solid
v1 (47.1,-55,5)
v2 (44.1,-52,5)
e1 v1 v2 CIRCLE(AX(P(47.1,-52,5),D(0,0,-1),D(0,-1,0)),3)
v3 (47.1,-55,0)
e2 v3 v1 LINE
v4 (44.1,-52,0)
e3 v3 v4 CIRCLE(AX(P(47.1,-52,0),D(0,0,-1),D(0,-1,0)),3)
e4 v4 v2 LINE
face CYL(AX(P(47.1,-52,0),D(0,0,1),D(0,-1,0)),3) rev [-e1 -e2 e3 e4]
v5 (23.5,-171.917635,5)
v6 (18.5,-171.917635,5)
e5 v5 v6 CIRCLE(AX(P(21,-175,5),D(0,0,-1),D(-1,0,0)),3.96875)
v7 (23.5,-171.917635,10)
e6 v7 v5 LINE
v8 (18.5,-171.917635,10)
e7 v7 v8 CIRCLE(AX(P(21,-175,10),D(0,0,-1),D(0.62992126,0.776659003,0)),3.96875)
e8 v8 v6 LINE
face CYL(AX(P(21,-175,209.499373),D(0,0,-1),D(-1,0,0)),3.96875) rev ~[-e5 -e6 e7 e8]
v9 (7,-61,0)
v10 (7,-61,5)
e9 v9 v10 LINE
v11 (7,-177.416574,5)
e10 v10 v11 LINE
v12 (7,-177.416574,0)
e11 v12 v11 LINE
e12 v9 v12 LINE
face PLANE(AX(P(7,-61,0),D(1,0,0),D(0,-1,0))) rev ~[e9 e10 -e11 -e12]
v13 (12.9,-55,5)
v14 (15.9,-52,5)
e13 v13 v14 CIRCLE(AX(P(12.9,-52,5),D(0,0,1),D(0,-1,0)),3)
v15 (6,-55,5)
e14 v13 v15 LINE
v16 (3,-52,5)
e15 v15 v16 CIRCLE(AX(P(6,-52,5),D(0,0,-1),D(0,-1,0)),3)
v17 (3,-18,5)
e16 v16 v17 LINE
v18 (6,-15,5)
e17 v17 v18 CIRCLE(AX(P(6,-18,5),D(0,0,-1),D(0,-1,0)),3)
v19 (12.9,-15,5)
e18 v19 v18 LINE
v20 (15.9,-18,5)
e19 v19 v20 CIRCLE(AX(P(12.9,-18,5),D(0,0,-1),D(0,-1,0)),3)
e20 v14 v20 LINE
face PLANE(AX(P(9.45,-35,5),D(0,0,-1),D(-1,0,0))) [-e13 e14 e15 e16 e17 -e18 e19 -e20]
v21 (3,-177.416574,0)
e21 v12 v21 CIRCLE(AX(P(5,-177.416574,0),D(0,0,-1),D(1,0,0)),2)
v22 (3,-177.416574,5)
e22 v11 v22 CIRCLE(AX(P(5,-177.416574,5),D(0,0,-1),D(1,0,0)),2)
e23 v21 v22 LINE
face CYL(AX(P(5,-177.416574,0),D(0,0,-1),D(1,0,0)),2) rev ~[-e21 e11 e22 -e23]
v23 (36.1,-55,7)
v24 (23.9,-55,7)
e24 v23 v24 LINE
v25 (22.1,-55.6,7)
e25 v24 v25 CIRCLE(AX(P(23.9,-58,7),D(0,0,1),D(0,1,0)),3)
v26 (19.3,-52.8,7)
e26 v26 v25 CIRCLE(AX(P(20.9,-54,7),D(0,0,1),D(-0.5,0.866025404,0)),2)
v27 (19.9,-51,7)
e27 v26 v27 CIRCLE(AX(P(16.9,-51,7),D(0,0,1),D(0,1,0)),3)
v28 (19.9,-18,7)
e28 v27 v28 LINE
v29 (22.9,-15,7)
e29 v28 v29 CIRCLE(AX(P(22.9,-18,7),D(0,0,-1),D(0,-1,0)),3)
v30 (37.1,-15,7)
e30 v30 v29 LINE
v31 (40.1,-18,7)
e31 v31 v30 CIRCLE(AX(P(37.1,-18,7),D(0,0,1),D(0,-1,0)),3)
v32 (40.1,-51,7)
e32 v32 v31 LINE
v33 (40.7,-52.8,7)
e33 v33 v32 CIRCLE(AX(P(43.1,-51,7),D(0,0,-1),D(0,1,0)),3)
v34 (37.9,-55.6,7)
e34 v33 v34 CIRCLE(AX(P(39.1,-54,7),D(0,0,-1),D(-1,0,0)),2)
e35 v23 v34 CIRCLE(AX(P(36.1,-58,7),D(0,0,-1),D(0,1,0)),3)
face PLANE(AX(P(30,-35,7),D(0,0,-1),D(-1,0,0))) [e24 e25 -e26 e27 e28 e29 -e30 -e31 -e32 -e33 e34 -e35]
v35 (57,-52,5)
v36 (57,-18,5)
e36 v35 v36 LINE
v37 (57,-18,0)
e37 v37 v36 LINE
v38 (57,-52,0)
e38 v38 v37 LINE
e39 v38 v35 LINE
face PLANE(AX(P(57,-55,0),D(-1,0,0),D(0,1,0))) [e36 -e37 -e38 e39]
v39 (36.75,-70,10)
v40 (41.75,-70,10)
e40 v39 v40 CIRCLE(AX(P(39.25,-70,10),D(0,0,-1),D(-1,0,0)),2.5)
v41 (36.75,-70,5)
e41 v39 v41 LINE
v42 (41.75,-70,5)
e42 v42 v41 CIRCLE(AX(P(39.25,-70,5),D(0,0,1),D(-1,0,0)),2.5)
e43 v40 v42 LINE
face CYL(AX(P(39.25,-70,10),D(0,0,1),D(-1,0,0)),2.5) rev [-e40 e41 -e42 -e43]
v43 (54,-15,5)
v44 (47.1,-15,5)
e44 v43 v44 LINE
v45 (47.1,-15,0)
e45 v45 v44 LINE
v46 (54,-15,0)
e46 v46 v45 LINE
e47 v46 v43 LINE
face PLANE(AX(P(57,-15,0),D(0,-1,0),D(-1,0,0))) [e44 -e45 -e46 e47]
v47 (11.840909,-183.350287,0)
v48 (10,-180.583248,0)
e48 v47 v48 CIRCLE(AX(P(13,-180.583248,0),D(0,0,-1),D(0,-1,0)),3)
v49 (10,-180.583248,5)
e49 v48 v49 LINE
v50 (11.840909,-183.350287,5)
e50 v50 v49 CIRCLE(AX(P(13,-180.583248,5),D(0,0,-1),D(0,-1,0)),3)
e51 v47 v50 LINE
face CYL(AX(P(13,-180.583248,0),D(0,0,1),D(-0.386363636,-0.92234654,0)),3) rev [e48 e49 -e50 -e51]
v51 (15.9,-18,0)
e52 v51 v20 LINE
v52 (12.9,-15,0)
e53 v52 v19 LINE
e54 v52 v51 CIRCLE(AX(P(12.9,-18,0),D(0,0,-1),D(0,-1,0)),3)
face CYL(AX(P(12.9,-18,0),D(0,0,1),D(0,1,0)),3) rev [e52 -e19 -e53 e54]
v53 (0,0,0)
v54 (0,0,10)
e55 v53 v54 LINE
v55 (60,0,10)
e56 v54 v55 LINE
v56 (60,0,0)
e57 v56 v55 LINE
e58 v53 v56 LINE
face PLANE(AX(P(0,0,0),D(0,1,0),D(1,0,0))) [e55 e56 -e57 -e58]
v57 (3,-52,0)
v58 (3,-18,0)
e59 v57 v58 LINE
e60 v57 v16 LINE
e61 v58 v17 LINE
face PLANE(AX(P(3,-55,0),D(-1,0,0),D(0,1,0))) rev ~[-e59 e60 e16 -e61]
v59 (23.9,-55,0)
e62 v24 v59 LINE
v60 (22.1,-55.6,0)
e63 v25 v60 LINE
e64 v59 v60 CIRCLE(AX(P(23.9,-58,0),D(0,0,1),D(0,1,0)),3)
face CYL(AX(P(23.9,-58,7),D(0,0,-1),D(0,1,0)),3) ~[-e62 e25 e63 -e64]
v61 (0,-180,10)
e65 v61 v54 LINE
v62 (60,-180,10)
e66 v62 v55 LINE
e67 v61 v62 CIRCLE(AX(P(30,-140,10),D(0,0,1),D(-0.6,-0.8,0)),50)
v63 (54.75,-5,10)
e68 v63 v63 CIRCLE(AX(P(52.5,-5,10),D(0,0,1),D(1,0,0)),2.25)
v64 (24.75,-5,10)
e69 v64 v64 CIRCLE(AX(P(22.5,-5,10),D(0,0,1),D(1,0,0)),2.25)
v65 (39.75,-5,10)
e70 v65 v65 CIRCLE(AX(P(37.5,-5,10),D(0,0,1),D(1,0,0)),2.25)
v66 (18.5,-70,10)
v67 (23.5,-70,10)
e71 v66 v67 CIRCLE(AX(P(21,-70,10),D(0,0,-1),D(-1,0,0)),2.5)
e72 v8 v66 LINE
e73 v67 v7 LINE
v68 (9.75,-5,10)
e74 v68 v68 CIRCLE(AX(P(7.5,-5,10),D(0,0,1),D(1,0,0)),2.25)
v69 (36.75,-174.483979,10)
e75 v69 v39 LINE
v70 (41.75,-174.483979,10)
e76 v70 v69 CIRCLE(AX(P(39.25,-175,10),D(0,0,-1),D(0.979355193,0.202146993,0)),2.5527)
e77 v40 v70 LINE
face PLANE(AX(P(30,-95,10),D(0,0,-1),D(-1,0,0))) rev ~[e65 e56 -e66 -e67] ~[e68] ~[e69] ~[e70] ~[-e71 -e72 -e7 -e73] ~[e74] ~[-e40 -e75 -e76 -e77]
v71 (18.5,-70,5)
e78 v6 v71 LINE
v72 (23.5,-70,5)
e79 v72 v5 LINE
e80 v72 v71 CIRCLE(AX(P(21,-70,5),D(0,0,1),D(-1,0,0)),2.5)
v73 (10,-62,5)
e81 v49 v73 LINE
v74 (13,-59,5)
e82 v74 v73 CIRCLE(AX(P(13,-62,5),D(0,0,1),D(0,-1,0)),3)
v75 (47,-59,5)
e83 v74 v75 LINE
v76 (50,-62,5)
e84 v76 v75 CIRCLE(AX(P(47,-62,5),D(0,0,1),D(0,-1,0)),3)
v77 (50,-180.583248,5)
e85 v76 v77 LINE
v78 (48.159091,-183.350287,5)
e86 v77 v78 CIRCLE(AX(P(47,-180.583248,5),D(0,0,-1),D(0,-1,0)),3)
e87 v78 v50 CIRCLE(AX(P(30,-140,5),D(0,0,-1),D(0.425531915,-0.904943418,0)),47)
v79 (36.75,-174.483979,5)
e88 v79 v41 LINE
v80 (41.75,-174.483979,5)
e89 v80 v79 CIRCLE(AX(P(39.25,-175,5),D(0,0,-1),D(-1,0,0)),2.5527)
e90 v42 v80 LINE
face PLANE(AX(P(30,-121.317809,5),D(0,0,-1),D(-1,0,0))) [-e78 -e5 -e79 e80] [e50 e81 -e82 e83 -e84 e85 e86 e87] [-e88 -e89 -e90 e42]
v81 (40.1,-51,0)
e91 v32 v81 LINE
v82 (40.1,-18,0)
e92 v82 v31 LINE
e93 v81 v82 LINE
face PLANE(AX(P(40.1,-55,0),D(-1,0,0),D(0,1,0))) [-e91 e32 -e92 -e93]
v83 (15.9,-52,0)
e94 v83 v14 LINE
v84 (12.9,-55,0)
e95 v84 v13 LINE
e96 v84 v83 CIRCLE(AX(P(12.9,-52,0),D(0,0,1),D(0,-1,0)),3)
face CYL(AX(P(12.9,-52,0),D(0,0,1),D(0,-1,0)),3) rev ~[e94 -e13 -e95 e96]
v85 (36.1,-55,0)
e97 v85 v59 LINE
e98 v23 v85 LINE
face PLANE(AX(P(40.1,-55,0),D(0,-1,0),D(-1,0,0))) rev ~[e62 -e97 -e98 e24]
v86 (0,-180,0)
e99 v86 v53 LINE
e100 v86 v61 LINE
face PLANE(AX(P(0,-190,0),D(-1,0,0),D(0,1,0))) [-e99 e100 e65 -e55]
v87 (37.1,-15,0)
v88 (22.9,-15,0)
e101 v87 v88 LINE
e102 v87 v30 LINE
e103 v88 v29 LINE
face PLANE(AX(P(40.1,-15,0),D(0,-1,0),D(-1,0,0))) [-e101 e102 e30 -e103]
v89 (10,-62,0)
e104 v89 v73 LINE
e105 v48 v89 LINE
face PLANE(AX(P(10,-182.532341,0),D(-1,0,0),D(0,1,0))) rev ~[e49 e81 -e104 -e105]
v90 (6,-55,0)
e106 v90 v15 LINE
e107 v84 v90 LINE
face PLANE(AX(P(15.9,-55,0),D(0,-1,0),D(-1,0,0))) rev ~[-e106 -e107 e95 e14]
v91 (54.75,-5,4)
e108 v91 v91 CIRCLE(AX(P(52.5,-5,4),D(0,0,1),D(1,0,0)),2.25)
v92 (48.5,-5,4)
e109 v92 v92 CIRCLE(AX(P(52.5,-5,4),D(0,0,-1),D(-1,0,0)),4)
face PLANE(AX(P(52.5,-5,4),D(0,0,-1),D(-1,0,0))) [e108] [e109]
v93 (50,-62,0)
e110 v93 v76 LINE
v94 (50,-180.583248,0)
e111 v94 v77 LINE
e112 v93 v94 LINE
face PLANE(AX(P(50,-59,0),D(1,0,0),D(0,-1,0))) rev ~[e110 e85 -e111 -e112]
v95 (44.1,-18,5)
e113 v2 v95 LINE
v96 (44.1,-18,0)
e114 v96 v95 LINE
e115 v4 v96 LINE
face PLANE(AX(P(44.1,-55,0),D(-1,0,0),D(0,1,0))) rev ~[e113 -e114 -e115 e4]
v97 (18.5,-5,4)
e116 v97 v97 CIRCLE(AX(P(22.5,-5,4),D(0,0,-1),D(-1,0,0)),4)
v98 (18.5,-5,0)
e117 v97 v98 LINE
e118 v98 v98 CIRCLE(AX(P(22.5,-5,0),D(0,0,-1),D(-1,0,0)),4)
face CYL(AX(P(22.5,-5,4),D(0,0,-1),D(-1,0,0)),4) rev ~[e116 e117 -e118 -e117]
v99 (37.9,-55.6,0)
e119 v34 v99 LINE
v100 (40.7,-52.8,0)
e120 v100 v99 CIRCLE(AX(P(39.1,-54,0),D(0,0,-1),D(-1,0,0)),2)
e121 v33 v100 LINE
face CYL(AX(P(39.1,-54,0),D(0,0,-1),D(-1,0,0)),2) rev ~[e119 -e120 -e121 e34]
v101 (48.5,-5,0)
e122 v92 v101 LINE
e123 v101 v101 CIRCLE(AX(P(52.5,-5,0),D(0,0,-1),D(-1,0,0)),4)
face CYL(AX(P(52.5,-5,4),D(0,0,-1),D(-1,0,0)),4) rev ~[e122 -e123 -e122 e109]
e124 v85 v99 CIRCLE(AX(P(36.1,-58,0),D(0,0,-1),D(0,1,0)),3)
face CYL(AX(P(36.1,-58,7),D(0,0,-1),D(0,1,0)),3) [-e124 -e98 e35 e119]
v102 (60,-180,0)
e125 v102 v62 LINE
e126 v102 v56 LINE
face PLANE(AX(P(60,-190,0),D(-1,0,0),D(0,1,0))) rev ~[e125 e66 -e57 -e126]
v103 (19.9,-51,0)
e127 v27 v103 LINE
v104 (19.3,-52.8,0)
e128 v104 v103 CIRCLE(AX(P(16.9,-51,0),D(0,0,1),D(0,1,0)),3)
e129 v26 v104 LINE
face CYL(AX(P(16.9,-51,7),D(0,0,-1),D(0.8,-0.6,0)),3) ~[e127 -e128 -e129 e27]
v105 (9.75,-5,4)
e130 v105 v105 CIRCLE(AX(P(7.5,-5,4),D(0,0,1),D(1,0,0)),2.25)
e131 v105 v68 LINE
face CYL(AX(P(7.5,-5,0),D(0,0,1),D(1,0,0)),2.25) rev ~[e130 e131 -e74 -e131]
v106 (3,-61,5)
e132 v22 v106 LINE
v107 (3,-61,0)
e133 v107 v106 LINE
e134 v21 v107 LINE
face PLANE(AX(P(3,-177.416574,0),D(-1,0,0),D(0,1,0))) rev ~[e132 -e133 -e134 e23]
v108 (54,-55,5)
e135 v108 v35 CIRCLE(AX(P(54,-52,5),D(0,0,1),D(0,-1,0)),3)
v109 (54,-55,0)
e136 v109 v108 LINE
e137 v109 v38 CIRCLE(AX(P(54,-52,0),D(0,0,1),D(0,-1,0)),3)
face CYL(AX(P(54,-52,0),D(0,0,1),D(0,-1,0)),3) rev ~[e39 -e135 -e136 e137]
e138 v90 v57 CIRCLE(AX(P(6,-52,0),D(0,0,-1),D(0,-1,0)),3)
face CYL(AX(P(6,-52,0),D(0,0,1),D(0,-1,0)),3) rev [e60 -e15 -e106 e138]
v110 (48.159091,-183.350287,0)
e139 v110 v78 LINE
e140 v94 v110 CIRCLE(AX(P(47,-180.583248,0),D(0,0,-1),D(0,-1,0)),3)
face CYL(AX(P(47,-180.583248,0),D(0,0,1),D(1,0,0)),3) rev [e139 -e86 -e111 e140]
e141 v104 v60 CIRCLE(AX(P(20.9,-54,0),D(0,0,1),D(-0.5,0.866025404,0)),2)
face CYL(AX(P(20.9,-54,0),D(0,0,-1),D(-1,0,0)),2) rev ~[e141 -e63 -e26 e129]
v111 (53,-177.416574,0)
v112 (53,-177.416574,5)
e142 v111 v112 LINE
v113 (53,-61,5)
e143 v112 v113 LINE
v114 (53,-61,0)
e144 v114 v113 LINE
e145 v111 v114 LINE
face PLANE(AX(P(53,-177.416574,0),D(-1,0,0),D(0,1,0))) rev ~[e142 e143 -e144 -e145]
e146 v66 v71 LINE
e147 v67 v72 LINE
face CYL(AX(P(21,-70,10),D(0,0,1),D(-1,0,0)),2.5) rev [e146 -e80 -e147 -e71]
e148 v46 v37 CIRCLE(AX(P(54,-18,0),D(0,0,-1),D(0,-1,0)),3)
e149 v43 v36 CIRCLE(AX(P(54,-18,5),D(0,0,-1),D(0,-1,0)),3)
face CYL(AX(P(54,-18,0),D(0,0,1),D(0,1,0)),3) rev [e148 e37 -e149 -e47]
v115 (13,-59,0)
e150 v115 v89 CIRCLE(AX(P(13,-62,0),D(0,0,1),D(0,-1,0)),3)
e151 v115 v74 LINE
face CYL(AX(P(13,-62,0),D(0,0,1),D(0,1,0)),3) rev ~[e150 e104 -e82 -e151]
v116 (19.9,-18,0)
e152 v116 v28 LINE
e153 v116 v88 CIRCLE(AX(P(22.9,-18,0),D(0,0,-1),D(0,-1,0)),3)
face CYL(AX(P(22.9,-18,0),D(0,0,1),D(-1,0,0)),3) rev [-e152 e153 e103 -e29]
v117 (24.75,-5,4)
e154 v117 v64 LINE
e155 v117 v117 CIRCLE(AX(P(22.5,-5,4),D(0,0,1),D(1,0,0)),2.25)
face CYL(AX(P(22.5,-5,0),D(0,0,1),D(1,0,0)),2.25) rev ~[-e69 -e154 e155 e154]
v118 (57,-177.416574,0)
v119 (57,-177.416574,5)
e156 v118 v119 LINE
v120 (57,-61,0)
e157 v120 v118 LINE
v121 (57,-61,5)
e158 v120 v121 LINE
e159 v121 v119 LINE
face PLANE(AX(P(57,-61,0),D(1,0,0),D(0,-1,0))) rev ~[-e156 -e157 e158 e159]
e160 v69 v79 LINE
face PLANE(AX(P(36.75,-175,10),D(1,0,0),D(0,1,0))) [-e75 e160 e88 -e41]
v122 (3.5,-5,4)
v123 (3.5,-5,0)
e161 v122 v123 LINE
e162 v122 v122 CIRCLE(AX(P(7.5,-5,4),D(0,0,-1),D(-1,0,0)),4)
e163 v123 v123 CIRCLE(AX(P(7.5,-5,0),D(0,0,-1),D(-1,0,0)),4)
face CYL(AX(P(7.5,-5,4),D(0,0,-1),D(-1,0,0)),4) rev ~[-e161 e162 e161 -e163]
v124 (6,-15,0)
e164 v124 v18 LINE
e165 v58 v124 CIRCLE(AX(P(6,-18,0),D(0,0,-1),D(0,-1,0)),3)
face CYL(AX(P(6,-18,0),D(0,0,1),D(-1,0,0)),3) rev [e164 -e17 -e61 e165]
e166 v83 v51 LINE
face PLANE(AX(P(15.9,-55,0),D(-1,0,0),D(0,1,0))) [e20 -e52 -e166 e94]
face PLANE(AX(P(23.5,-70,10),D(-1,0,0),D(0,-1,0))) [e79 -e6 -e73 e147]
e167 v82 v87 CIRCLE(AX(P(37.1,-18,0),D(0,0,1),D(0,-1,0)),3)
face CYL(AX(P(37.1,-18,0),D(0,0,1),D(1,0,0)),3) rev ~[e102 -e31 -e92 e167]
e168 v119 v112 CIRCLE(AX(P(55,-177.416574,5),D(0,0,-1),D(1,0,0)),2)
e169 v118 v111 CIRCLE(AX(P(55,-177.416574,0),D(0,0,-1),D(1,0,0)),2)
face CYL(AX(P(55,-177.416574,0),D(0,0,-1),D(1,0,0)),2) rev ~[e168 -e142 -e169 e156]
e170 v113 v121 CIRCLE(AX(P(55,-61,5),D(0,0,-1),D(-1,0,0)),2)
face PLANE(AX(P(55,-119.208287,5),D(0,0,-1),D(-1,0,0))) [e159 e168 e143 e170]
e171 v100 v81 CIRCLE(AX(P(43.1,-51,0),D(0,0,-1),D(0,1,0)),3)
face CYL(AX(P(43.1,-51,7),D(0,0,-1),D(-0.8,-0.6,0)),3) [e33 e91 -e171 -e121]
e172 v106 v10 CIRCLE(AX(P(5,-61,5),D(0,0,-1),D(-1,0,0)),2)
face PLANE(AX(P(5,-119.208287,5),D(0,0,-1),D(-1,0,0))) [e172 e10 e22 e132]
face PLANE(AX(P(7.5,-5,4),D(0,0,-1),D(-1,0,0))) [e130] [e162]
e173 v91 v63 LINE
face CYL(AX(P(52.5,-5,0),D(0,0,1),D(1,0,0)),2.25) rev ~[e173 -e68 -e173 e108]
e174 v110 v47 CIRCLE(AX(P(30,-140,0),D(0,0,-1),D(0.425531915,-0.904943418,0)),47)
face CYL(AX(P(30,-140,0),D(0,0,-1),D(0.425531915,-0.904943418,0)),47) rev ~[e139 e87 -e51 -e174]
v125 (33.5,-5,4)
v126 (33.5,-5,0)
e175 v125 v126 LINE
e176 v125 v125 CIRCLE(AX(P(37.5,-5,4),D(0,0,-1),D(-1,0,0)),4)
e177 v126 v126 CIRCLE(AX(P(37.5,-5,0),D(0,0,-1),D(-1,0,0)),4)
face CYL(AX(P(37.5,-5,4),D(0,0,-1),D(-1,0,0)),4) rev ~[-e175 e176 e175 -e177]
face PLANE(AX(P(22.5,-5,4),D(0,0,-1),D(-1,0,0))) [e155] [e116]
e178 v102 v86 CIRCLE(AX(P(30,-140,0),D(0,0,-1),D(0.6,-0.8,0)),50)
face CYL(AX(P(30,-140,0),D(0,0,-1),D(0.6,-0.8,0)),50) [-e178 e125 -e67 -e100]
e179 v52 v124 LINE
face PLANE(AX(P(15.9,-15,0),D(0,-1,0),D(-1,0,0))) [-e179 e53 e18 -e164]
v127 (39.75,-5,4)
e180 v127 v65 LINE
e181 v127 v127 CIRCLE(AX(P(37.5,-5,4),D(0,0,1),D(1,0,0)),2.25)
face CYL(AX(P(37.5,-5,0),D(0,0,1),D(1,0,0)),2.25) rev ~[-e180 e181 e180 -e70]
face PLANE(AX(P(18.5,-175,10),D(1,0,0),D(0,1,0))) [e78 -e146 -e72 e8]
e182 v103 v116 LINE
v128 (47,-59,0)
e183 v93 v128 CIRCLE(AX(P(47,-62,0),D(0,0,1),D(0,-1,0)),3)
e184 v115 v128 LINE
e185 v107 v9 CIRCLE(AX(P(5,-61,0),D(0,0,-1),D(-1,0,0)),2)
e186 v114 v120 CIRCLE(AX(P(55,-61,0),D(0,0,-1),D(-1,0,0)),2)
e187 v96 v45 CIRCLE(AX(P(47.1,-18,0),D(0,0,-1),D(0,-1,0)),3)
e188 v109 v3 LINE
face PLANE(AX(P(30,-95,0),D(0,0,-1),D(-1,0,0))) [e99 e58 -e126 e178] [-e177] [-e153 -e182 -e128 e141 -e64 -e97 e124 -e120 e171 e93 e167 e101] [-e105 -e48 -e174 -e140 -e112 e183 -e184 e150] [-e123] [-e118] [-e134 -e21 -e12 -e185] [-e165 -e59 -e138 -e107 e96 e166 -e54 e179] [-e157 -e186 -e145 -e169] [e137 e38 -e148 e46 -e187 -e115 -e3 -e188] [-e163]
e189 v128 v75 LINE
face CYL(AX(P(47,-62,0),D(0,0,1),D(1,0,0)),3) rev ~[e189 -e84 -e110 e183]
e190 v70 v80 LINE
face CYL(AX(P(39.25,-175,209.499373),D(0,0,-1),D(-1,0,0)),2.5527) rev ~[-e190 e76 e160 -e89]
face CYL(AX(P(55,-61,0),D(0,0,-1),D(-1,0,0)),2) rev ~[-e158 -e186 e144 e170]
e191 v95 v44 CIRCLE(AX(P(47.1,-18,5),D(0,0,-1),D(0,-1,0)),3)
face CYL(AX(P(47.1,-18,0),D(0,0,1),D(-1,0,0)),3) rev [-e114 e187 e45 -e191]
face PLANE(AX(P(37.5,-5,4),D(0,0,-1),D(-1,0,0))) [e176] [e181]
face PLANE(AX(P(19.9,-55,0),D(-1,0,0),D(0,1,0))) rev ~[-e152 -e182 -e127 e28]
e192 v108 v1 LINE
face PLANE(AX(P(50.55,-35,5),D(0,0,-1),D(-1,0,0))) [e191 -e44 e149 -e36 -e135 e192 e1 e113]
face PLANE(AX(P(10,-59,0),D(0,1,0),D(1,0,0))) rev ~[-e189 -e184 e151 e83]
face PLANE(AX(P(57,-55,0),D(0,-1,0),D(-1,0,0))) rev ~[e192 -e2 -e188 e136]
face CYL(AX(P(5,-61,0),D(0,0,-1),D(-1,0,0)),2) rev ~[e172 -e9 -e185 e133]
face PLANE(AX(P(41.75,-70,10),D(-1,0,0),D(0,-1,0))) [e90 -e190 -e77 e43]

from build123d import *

# Parameters (mm, degrees)
EXTRUDE_1_DEPTH            = 10
HOLE_WIZARD_M4_D           = 4.5
HOLE_WIZARD_M4_CBORE_D     = 8
HOLE_WIZARD_M4_CBORE_DEPTH = 4
HOLE_WIZARD_1_4_201_D      = 5.1054
HOLE_WIZARD_3_8_161_D      = 7.9375
CUT_EXTRUDE_1_DEPTH        = 11
SKETCH_14_W                = 20.2
SKETCH_14_H                = 40
CUT_EXTRUDE_2_DEPTH        = 7
SKETCH_15_R                = 2
CUT_EXTRUDE_3_DEPTH        = 7
CUT_EXTRUDE_4_DEPTH        = 11
CUT_EXTRUDE_7_DEPTH        = 5
CUT_EXTRUDE_8_DEPTH        = 5
SKETCH_18_W                = 12.9
SKETCH_18_H                = 40
CUT_EXTRUDE_6_DEPTH        = 5
FILLET_1_R                 = 3


with BuildPart() as part:
    # Эскиз1 → Бобышка-Вытянуть1 (new body)
    with BuildSketch(Plane.XY):
        Polygon((0, 0), (60, 0), (60, -60), (60, -150), (60, -190), (0, -190), align=None)
    extrude(amount=EXTRUDE_1_DEPTH)

    # Цековка для винта с внутренним шестигранником M4 (through all)
    with Locations(Plane(origin=(-14.842707118, -41.655134189, 0), x_dir=(-1, 0, 0), z_dir=(0, 0, -1))):
        with Locations((-67.342707118, 36.655134189), (-52.342707118, 36.655134189), (-37.342707118, 36.655134189), (-22.342707118, 36.655134189)):
            CounterBoreHole(HOLE_WIZARD_M4_D / 2, HOLE_WIZARD_M4_CBORE_D / 2, HOLE_WIZARD_M4_CBORE_DEPTH)

    # Отверстие обработанное метчиком 1/4-201 (through all)
    with Locations(Plane(origin=(39.25, -175, 10), x_dir=(1, 0, 0), z_dir=(0, 0, 1))):
        with Locations((0, 0)):
            Hole(HOLE_WIZARD_1_4_201_D / 2)

    # Отверстие обработанное метчиком 3/8-161 (through all)
    with Locations(Plane(origin=(21, -175, 10), x_dir=(1, 0, 0), z_dir=(0, 0, 1))):
        with Locations((0, 0)):
            Hole(HOLE_WIZARD_3_8_161_D / 2)

    # Эскиз12 → Вырез-Вытянуть1 (cut, through all)
    with BuildSketch(Plane.XY.offset(10)):
        with BuildLine():
            Line((36.75, -175), (36.75, -70))
            ThreePointArc((36.75, -70), (39.25, -67.5), (41.75, -70))
            Line((41.75, -70), (41.75, -175))
            ThreePointArc((41.75, -175), (39.25, -177.5), (36.75, -175))
        make_face()
        with BuildLine():
            Line((18.5, -175), (18.5, -70))
            ThreePointArc((18.5, -70), (21, -67.5), (23.5, -70))
            Line((23.5, -70), (23.5, -175))
            ThreePointArc((23.5, -175), (21, -177.5), (18.5, -175))
        make_face()
    extrude(amount=-CUT_EXTRUDE_1_DEPTH, mode=Mode.SUBTRACT)

    # Эскиз14 → Вырез-Вытянуть2 (cut)
    with BuildSketch(Plane(origin=(0, 0, 0), x_dir=(-1, 0, 0), z_dir=(0, 0, -1))):
        with Locations((-30, -35)):
            Rectangle(SKETCH_14_W, SKETCH_14_H)
    extrude(amount=-CUT_EXTRUDE_2_DEPTH, mode=Mode.SUBTRACT)

    # Эскиз15 → Вырез-Вытянуть3 (cut)
    with BuildSketch(Plane(origin=(0, 0, 0), x_dir=(-1, 0, 0), z_dir=(0, 0, -1))):
        with Locations((-39.1, -54)):
            Circle(SKETCH_15_R)
        with Locations((-20.9, -54)):
            Circle(SKETCH_15_R)
    extrude(amount=-CUT_EXTRUDE_3_DEPTH, mode=Mode.SUBTRACT)

    # Эскиз16 → Вырез-Вытянуть4 (cut, through all)
    with BuildSketch(Plane(origin=(0, 0, 0), x_dir=(-1, 0, 0), z_dir=(0, 0, -1))):
        with BuildLine():
            Line((0, -180), (0, -195))
            Line((0, -195), (-60, -195))
            Line((-60, -195), (-60, -180))
            ThreePointArc((-60, -180), (-30, -190), (0, -180))
        make_face()
    extrude(amount=-CUT_EXTRUDE_4_DEPTH, mode=Mode.SUBTRACT)

    # Эскиз19 → Вырез-Вытянуть7 (cut)
    with BuildSketch(Plane(origin=(0, 0, 0), x_dir=(-1, 0, 0), z_dir=(0, 0, -1))):
        with BuildLine():
            Line((-57, -61), (-57, -177.416573868))
            ThreePointArc((-57, -177.416573868), (-55, -179.416573868), (-53, -177.416573868))
            Line((-53, -177.416573868), (-53, -61))
            ThreePointArc((-53, -61), (-55, -59), (-57, -61))
        make_face()
        with BuildLine():
            Line((-7, -61), (-7, -177.416573868))
            ThreePointArc((-7, -177.416573868), (-5, -179.416573868), (-3, -177.416573868))
            Line((-3, -177.416573868), (-3, -61))
            ThreePointArc((-3, -61), (-5, -59), (-7, -61))
        make_face()
    extrude(amount=-CUT_EXTRUDE_7_DEPTH, mode=Mode.SUBTRACT)

    # Эскиз20 → Вырез-Вытянуть8 (cut)
    with BuildSketch(Plane(origin=(0, 0, 0), x_dir=(-1, 0, 0), z_dir=(0, 0, -1))):
        with BuildLine():
            Line((-50, -59), (-50, -182.532340636))
            ThreePointArc((-50, -182.532340636), (-30, -187), (-10, -182.532340636))
            Line((-10, -182.532340636), (-10, -59))
            Line((-10, -59), (-50, -59))
        make_face()
    extrude(amount=-CUT_EXTRUDE_8_DEPTH, mode=Mode.SUBTRACT)

    # Эскиз18 → Вырез-Вытянуть6 (cut)
    with BuildSketch(Plane(origin=(0, 0, 0), x_dir=(-1, 0, 0), z_dir=(0, 0, -1))):
        with Locations((-50.55, -35)):
            Rectangle(SKETCH_18_W, SKETCH_18_H)
        with Locations((-9.45, -35)):
            Rectangle(SKETCH_18_W, SKETCH_18_H)
    extrude(amount=-CUT_EXTRUDE_6_DEPTH, mode=Mode.SUBTRACT)

    # Скругление1
    fillet_1_edges = [part.edges().sort_by_distance(p)[0] for p in [
        (19.9, -15, 3.5),
        (40.1, -15, 3.5),
        (37.367949192, -55, 3.5),
        (40.1, -52.267949192, 3.5),
        (19.9, -52.267949192, 3.5),
        (22.632050808, -55, 3.5),
        (50, -59, 2.5),
        (10, -59, 2.5),
        (10, -182.532340636, 2.5),
        (50, -182.532340636, 2.5),
        (57, -55, 2.5),
        (57, -15, 2.5),
        (44.1, -15, 2.5),
        (44.1, -55, 2.5),
        (15.9, -15, 2.5),
        (3, -15, 2.5),
        (3, -55, 2.5),
        (15.9, -55, 2.5),
    ]]
    fillet(fillet_1_edges, radius=FILLET_1_R)


solid = part.part
